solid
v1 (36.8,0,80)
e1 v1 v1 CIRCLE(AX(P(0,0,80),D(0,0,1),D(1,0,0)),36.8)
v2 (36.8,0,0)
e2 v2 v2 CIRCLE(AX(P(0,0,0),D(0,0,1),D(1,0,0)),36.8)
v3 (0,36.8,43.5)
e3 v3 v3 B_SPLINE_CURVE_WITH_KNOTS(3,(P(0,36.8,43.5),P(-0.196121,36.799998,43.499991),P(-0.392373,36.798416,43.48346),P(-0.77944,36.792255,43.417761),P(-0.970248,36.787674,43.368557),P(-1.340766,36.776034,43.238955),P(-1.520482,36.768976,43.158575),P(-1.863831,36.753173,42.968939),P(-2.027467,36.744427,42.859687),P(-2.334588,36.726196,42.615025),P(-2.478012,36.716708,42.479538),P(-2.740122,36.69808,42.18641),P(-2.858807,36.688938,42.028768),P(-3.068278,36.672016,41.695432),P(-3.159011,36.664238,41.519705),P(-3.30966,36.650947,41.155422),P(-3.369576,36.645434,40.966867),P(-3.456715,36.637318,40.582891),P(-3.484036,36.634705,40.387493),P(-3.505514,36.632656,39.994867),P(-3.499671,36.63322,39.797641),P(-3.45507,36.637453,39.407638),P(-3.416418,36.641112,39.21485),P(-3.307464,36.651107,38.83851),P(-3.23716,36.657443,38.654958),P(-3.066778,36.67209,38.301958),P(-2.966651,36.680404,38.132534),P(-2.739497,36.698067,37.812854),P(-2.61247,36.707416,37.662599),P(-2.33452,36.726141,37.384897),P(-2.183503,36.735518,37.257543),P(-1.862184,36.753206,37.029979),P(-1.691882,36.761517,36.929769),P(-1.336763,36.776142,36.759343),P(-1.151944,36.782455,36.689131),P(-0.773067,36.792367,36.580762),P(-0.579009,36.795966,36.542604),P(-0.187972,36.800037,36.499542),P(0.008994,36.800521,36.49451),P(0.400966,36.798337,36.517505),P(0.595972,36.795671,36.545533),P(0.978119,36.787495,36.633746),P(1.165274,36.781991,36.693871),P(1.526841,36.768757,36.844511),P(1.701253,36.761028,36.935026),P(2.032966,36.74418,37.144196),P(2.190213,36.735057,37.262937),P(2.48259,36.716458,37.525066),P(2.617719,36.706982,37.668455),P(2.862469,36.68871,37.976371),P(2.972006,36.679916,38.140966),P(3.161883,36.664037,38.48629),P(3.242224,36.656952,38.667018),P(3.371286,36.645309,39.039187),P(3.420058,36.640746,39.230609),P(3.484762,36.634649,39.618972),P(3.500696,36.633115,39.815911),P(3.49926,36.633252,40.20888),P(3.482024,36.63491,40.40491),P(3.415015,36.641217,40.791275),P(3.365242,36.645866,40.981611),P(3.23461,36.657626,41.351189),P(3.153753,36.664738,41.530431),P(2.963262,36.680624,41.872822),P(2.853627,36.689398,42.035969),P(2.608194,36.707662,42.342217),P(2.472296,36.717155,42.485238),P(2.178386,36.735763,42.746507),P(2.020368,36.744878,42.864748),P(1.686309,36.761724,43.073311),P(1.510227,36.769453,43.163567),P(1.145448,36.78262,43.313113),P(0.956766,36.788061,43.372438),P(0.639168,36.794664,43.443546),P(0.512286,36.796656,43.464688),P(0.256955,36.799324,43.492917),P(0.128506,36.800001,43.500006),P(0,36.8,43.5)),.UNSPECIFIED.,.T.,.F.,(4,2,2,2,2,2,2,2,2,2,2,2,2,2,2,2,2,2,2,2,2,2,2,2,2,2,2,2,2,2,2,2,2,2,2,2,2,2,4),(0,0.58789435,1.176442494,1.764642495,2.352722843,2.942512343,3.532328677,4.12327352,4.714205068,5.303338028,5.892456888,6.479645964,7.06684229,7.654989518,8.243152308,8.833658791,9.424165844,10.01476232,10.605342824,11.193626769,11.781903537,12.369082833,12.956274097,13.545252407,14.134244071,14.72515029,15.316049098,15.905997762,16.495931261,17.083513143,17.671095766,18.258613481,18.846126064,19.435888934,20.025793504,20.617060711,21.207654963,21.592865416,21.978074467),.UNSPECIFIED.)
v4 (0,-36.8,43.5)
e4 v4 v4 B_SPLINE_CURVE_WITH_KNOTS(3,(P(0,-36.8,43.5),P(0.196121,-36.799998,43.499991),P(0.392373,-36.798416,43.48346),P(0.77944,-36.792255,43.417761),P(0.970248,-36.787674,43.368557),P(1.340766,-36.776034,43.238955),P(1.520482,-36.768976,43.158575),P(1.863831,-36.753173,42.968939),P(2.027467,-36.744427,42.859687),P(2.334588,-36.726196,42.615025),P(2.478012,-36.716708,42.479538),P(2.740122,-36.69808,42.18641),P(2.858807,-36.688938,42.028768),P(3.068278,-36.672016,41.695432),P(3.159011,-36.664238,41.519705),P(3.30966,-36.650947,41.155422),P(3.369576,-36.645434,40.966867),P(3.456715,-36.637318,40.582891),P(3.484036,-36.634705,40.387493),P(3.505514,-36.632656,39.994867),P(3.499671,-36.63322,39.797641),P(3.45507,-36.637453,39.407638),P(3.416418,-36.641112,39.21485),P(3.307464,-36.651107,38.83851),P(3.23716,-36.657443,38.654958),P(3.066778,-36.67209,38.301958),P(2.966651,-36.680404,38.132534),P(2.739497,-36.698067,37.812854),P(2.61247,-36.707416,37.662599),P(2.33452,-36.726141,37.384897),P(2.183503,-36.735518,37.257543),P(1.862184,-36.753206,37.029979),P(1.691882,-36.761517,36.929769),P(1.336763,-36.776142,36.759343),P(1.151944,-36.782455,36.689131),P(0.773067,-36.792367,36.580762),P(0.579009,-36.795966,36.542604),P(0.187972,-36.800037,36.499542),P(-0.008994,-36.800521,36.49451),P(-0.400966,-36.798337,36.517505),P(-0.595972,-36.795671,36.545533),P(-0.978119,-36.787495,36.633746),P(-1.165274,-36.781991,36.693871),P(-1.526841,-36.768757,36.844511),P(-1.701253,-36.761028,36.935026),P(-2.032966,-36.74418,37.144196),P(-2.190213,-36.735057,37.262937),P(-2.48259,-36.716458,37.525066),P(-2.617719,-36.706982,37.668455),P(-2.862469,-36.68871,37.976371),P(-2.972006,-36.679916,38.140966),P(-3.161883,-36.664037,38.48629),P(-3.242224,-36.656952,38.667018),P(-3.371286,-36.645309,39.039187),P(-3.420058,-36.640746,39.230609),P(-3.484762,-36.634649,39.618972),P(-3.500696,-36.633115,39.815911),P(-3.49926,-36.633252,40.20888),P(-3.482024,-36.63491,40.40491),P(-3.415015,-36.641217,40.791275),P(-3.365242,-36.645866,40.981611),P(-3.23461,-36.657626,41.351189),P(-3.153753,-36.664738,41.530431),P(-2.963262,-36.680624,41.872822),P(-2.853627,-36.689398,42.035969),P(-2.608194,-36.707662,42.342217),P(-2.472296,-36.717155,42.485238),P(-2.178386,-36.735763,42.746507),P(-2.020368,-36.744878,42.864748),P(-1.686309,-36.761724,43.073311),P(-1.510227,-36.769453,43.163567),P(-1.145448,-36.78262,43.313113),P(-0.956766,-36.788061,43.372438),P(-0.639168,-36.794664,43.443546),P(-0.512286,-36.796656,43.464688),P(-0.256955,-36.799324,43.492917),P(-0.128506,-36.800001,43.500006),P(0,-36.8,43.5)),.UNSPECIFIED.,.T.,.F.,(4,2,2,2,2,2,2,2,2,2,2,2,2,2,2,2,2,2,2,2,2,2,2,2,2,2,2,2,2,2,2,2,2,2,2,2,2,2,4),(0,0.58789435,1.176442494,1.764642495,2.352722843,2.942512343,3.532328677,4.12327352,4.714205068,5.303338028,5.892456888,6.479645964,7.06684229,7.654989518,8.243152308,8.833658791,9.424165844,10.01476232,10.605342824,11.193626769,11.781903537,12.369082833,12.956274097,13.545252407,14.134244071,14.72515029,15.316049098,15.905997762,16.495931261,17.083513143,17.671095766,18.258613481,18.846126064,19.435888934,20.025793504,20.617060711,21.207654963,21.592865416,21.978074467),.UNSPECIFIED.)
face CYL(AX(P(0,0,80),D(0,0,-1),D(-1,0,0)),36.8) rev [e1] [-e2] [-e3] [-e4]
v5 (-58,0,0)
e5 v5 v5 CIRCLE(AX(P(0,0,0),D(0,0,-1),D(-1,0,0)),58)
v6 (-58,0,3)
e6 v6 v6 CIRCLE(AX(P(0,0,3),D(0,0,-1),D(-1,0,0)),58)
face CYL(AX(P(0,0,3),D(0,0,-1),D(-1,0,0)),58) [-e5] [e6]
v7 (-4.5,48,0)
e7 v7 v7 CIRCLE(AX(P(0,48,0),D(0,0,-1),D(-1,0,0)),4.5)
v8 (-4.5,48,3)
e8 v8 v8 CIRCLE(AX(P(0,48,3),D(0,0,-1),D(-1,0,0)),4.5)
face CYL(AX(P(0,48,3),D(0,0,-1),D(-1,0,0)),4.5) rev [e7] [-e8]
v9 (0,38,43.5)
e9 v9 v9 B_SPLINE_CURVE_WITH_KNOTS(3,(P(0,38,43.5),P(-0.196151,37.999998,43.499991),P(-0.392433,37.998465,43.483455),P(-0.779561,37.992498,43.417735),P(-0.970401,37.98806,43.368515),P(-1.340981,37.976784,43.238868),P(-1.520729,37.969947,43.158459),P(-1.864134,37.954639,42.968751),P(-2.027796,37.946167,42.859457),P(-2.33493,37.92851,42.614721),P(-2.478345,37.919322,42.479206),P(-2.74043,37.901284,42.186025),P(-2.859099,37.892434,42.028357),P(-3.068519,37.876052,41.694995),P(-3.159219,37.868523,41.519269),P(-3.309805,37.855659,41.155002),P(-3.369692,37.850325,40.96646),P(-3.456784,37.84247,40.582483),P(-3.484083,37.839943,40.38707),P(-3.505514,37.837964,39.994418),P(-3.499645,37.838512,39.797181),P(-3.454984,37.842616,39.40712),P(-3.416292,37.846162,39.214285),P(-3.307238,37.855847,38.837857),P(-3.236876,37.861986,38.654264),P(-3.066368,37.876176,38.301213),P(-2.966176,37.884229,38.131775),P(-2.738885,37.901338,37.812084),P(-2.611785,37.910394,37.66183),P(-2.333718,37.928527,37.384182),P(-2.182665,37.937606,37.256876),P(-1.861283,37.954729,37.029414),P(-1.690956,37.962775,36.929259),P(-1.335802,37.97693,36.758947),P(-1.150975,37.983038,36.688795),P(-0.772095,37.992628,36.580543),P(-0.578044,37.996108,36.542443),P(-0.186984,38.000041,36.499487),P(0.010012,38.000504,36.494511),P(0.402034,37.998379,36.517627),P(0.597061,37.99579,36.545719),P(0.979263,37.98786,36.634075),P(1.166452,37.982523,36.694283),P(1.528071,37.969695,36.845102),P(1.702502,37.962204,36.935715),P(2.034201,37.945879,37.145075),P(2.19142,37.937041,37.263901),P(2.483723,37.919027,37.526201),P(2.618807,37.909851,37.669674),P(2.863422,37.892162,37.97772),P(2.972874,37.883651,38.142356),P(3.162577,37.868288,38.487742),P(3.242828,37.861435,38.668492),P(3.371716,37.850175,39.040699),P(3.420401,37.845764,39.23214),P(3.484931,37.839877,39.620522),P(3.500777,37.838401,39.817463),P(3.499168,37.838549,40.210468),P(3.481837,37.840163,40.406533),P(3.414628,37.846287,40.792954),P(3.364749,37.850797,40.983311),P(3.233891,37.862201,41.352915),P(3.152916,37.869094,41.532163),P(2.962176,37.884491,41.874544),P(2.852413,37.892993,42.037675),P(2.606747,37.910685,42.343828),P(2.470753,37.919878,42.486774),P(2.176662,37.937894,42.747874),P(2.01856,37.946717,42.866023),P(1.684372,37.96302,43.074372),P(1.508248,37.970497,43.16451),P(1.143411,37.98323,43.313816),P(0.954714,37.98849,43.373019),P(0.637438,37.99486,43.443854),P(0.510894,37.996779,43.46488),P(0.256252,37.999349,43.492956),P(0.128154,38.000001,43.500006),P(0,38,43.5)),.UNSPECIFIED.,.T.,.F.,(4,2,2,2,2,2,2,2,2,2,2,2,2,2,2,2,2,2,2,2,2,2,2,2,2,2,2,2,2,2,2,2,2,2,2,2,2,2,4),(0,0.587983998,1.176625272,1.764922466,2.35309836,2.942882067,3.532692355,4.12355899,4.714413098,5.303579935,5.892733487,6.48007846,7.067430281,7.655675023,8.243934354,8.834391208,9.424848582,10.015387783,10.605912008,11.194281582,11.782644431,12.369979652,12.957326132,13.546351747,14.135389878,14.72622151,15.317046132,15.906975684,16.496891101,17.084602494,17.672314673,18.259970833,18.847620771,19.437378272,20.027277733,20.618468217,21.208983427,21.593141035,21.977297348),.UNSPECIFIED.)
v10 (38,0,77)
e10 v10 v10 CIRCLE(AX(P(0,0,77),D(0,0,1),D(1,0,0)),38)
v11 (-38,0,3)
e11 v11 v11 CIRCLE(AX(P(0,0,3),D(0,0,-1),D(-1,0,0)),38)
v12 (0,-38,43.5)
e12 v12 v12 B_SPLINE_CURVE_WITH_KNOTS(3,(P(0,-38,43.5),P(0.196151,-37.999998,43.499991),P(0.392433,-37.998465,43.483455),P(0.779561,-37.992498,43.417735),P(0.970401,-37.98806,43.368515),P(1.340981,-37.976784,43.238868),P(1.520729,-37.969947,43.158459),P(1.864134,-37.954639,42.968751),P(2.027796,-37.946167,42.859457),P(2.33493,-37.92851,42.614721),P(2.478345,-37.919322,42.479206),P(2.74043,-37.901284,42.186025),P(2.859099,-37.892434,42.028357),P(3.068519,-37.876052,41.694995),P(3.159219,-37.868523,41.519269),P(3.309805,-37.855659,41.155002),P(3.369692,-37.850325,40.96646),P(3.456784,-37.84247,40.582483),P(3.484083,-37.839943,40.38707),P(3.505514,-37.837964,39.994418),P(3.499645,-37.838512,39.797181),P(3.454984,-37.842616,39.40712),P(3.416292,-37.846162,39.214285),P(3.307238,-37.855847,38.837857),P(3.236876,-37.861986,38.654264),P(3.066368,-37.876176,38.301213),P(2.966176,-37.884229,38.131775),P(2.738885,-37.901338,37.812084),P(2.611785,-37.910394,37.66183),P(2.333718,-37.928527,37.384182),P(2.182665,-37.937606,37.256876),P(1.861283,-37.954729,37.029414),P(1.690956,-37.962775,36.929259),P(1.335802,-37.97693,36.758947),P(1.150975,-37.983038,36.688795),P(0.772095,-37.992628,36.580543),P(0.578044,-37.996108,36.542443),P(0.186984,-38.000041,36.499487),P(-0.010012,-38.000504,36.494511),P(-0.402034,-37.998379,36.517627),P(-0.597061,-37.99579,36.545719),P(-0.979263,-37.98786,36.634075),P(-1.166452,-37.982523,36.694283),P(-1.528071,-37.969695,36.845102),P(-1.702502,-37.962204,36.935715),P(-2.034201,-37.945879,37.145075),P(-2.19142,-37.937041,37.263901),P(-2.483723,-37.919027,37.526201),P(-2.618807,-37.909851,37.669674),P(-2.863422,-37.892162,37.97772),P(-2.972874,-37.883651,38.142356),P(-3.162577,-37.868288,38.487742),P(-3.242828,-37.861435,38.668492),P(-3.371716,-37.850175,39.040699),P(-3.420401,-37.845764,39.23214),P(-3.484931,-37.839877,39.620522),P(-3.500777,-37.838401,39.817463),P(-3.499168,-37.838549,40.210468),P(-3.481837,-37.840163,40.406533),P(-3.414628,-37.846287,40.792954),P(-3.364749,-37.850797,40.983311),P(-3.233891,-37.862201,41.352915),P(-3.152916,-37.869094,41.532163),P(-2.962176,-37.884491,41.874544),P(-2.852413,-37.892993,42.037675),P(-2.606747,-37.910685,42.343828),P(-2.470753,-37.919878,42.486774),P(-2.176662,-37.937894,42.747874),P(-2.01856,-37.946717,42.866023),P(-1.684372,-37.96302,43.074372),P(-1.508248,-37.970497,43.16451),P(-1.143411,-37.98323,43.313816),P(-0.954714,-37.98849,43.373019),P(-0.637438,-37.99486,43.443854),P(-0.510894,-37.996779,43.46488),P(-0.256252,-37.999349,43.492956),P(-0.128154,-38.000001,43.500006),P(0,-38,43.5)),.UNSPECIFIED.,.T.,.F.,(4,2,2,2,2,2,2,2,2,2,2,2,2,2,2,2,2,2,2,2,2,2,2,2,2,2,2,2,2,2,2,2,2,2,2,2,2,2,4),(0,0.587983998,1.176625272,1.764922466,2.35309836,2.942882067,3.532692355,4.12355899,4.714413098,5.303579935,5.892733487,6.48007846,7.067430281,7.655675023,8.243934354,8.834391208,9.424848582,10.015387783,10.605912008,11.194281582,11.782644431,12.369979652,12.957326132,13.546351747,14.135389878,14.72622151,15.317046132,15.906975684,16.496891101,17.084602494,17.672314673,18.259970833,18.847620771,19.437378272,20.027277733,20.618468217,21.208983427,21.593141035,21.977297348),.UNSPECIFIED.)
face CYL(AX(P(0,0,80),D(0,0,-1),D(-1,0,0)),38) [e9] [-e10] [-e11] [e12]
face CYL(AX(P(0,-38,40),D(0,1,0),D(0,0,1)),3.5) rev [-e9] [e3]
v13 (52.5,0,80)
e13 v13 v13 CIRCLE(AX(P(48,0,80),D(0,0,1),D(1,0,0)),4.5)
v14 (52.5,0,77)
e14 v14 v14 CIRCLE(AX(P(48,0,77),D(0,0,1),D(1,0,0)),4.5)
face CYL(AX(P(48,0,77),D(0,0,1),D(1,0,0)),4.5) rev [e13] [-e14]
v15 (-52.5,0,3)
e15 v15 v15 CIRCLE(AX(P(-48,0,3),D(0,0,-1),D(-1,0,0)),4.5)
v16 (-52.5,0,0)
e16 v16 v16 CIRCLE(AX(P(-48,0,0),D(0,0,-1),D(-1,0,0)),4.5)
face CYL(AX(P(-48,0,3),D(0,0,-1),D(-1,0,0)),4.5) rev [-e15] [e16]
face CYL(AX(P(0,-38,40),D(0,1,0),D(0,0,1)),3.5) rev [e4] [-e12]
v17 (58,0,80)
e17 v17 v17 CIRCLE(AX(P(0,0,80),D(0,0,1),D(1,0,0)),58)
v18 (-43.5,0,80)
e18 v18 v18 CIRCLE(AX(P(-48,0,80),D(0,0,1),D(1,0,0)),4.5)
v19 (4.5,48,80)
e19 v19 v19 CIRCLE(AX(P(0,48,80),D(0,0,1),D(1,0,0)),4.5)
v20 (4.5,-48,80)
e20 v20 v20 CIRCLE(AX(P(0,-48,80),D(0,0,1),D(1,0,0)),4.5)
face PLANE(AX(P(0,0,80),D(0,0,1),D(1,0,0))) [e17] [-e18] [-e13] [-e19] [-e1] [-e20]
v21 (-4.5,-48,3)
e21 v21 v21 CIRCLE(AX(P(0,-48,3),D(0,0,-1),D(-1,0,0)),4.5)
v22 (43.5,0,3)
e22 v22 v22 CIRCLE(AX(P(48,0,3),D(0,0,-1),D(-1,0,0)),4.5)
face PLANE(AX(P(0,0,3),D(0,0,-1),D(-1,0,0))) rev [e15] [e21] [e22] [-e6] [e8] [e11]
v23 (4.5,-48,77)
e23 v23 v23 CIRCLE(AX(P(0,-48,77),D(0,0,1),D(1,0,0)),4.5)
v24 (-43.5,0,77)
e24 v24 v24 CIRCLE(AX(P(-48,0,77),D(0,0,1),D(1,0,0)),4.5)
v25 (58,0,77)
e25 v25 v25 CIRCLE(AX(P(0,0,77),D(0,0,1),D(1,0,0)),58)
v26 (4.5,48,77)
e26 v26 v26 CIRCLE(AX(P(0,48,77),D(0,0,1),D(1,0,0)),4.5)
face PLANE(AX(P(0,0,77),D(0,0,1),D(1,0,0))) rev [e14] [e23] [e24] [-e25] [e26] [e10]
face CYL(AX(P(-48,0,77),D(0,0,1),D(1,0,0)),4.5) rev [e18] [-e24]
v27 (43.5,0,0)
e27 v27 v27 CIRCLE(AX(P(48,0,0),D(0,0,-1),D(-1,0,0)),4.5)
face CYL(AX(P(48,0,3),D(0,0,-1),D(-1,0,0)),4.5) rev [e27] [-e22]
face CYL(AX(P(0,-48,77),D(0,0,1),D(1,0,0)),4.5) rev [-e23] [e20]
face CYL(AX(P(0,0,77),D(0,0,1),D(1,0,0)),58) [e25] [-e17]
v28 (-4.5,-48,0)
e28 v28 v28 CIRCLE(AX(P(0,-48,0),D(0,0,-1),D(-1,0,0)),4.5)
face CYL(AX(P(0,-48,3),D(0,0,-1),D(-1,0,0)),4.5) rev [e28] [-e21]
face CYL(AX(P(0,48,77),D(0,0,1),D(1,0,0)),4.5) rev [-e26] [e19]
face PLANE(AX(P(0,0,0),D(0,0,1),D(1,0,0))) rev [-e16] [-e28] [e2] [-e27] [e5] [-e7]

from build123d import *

# Parameters (mm, degrees)
SKETCH1_R               = 38
SKETCH1_R_2             = 36.8
BOSS_EXTRUDE1_DEPTH     = 80
CUT_EXTRUDE1_DEPTH      = 97.374270425
CUT_EXTRUDE1_DEPTH_BACK = 97.374270425
SKETCH2_R               = 3.5
BOSS_EXTRUDE2_START     = -3
SKETCH3_R               = 58
SKETCH3_R_2             = 38
SKETCH3_R_3             = 4.5
BOSS_EXTRUDE2_DEPTH     = 3
SKETCH4_R               = 58
SKETCH4_R_2             = 38
SKETCH4_R_3             = 4.5
BOSS_EXTRUDE3_DEPTH     = 3


with BuildPart() as part:
    # Sketch1 → Boss-Extrude1 (new body)
    with BuildSketch(Plane.XY):
        Circle(SKETCH1_R)
        Circle(SKETCH1_R_2, mode=Mode.SUBTRACT)
    extrude(amount=BOSS_EXTRUDE1_DEPTH)

    # Sketch2 → Cut-Extrude1 (cut, two sides: drawn at the far end of the back side and taken through both)
    with BuildSketch(Plane(origin=(0, 0, 0), x_dir=(1, 0, 0), z_dir=(0, 1, 0)).offset(-CUT_EXTRUDE1_DEPTH_BACK)):
        with Locations(Location((0, -40, 0), (0, 0, 270))):
            Circle(SKETCH2_R)
    extrude(amount=CUT_EXTRUDE1_DEPTH + CUT_EXTRUDE1_DEPTH_BACK, mode=Mode.SUBTRACT)

    # Sketch3 → Boss-Extrude2 (add)
    with BuildSketch(Plane.XY.offset(80).offset(BOSS_EXTRUDE2_START)):
        Circle(SKETCH3_R)
        Circle(SKETCH3_R_2, mode=Mode.SUBTRACT)
        with Locations((-48, 0)):
            Circle(SKETCH3_R_3, mode=Mode.SUBTRACT)
        with Locations((0, 48)):
            Circle(SKETCH3_R_3, mode=Mode.SUBTRACT)
        with Locations((48, 0)):
            Circle(SKETCH3_R_3, mode=Mode.SUBTRACT)
        with Locations((0, -48)):
            Circle(SKETCH3_R_3, mode=Mode.SUBTRACT)
    extrude(amount=BOSS_EXTRUDE2_DEPTH)

    # Sketch4 → Boss-Extrude3 (add)
    with BuildSketch(Plane(origin=(0, 0, 0), x_dir=(-1, 0, 0), z_dir=(0, 0, -1))):
        with Locations(Location((0, 0, 0), (0, 0, 180))):
            Circle(SKETCH4_R)
        Circle(SKETCH4_R_2, mode=Mode.SUBTRACT)
        with Locations(Location((48, 0, 0), (0, 0, 180))):
            Circle(SKETCH4_R_3, mode=Mode.SUBTRACT)
        with Locations(Location((0, -48, 0), (0, 0, 180))):
            Circle(SKETCH4_R_3, mode=Mode.SUBTRACT)
        with Locations(Location((-48, 0, 0), (0, 0, 180))):
            Circle(SKETCH4_R_3, mode=Mode.SUBTRACT)
        with Locations(Location((0, 48, 0), (0, 0, 180))):
            Circle(SKETCH4_R_3, mode=Mode.SUBTRACT)
    extrude(amount=-BOSS_EXTRUDE3_DEPTH)


solid = part.part
